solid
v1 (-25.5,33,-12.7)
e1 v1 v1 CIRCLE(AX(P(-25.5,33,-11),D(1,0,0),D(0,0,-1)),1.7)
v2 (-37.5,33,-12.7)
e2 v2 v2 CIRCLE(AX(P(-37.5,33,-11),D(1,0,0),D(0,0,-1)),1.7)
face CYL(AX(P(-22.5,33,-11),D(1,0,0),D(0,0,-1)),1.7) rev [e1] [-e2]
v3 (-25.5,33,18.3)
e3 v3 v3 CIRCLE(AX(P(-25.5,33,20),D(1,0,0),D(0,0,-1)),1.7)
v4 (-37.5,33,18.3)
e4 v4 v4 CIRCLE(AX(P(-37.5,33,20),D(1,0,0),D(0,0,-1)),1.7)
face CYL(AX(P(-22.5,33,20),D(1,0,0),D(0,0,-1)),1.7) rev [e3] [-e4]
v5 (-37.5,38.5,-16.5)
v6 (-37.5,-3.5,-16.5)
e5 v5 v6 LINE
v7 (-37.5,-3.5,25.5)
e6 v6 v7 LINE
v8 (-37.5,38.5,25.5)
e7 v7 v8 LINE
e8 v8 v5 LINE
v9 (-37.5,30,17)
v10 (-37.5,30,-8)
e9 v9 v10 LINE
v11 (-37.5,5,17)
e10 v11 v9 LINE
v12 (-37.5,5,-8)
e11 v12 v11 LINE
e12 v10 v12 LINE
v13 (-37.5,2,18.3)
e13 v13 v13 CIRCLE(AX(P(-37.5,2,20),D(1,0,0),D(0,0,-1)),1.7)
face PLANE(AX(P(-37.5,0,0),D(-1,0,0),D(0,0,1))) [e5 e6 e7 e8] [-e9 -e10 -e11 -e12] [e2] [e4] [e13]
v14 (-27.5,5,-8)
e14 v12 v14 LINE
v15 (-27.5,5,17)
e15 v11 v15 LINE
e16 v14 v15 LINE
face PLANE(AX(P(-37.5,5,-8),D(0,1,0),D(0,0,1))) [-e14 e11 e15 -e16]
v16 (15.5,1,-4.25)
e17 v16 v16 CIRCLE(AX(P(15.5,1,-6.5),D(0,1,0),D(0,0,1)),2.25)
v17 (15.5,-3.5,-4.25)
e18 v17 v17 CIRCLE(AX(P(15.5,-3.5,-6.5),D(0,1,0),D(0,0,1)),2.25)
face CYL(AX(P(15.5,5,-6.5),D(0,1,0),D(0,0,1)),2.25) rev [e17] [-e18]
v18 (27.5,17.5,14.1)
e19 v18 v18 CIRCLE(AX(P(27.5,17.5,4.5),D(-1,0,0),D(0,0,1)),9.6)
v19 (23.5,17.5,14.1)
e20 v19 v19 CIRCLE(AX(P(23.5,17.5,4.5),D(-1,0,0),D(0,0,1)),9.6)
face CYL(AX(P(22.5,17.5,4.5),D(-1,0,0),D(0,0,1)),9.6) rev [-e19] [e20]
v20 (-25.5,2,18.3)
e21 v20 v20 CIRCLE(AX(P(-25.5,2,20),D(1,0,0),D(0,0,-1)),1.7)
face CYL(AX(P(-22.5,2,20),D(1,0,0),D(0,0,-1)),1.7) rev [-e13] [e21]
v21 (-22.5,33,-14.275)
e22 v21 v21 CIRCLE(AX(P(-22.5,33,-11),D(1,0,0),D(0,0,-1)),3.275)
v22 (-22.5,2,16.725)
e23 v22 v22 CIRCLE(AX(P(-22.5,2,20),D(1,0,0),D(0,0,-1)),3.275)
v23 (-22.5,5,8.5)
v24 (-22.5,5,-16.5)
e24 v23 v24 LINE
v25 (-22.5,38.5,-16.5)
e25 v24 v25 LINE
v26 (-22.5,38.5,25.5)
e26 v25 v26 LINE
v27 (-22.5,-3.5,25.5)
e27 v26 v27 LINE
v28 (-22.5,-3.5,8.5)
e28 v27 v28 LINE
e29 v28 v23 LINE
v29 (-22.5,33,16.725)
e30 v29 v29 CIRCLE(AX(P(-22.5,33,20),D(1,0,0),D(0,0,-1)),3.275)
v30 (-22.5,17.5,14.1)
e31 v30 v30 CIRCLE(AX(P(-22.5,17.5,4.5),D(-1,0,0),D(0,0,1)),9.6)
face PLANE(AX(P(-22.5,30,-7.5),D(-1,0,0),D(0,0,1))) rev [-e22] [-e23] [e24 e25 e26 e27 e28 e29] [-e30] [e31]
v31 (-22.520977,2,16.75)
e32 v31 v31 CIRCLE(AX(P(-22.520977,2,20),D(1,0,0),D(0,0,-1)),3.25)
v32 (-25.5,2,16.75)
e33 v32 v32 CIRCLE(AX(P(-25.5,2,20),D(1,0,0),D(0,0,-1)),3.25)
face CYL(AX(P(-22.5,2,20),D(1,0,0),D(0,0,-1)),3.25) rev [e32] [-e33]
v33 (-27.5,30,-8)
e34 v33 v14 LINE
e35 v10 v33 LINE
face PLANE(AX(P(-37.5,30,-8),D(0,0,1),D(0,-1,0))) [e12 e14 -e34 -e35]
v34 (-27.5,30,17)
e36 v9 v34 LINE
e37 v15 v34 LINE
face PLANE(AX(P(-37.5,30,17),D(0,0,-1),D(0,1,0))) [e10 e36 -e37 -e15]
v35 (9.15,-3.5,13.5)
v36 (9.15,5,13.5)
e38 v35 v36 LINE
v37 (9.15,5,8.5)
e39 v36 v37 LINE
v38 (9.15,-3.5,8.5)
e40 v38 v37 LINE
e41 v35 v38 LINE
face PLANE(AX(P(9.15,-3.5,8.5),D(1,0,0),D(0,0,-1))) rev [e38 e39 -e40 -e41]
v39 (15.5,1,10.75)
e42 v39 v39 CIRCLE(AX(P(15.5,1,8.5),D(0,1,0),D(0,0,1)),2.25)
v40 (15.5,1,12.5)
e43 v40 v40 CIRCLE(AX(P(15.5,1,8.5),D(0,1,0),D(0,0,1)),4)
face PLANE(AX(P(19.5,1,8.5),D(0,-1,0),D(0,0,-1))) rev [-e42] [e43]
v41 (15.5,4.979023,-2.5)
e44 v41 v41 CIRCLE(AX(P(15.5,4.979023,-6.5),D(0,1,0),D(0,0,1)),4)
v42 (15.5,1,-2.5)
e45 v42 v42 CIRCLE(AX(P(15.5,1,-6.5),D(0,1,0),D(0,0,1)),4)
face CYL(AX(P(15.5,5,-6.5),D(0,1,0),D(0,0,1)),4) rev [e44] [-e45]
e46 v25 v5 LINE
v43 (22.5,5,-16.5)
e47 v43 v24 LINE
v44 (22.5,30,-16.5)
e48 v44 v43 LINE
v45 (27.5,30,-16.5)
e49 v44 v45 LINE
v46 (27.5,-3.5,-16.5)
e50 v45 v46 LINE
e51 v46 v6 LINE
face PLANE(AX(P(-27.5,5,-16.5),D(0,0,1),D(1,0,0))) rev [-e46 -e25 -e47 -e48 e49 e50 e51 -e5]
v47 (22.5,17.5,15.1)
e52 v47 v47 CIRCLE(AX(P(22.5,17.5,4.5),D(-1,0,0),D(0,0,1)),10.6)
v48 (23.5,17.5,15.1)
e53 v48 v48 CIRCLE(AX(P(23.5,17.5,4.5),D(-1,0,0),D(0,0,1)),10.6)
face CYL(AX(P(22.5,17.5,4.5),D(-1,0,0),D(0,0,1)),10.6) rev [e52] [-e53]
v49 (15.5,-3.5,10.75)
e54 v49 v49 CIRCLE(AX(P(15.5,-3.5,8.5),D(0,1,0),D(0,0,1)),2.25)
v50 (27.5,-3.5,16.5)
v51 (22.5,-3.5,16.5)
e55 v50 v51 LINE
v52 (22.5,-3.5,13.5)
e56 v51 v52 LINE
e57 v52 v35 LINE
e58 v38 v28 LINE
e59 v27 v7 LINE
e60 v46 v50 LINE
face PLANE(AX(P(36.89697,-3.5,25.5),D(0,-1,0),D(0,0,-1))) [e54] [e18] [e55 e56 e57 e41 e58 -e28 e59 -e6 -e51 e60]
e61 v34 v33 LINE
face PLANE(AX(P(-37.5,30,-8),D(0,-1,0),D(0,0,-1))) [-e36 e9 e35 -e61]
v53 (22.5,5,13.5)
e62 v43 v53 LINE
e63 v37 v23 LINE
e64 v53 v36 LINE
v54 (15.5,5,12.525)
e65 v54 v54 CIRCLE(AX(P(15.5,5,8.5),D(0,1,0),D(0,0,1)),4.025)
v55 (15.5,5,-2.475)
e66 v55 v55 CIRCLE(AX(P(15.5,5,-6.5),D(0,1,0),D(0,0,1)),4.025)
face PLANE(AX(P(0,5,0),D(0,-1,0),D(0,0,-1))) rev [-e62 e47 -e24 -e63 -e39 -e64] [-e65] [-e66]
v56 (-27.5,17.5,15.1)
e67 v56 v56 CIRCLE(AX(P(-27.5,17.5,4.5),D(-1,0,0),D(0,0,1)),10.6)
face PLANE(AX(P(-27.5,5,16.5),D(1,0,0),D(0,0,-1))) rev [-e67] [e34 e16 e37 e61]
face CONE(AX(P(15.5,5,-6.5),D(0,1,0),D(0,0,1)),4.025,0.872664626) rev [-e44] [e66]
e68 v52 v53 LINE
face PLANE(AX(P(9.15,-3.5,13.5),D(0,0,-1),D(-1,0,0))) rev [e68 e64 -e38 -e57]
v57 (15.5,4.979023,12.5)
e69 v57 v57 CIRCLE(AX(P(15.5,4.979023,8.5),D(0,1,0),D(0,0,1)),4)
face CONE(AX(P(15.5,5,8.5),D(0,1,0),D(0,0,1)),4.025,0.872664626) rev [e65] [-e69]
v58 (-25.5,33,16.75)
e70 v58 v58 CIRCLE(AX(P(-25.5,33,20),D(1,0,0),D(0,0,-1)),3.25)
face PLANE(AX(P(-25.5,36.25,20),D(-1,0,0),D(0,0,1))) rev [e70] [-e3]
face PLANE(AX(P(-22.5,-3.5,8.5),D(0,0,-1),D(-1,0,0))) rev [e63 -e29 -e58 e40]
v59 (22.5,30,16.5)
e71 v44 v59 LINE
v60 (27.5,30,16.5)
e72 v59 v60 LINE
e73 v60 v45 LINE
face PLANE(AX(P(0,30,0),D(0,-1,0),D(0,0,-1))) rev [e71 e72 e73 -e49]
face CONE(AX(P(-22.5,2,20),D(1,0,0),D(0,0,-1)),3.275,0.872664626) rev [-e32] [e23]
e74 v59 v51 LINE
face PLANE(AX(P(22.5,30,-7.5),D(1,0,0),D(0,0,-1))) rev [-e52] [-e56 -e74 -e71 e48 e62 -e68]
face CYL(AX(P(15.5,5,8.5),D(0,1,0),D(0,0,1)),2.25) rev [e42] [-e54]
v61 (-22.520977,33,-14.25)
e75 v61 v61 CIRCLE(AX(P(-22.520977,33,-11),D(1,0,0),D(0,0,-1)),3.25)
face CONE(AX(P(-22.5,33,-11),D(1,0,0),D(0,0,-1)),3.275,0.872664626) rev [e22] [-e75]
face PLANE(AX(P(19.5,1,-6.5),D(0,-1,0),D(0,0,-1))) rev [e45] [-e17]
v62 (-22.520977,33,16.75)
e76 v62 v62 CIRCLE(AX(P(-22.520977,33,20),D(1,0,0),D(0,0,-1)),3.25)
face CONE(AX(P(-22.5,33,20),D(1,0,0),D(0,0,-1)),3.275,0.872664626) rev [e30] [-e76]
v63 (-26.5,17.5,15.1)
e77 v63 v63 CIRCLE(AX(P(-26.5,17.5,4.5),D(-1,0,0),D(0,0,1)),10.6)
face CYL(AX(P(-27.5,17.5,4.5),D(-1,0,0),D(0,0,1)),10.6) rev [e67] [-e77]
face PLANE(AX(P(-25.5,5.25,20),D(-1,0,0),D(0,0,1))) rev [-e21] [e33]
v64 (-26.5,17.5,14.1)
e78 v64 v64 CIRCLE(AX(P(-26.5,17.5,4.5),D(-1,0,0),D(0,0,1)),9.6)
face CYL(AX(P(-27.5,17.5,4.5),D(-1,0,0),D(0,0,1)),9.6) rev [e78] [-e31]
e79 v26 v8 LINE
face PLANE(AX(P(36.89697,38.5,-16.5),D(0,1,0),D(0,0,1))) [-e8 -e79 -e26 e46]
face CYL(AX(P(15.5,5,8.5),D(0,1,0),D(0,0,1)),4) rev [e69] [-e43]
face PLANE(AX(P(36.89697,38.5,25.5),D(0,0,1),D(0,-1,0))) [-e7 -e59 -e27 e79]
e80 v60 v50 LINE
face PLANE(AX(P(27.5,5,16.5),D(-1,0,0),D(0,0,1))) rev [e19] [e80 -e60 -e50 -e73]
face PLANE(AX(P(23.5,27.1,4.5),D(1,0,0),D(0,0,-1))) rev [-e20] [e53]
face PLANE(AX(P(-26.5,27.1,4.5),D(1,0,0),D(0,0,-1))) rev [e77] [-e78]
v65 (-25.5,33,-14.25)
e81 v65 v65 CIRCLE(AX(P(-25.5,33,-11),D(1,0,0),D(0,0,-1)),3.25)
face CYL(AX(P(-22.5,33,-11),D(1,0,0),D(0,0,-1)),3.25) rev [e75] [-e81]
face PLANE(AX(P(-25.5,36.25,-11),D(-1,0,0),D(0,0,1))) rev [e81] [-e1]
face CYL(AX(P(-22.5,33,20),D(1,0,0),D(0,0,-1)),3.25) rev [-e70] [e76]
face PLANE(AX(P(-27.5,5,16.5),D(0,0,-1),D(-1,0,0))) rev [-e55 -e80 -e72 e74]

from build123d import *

# Parameters (mm, degrees)
SKETCH1_W                     = 55
SKETCH1_H                     = 33
BOSS_EXTRUDE1_DEPTH           = 5
SKETCH2_W                     = 5
SKETCH2_H                     = 24
BOSS_EXTRUDE2_DEPTH           = 25
HOLE1_D                       = 19.2
HOLE1_DEPTH                   = 5
HOLE1_CBORE_D                 = 21.2
HOLE1_CBORE_DEPTH             = 1
HOLE2_D                       = 19.2
HOLE2_DEPTH                   = 5
HOLE2_CBORE_D                 = 21.2
HOLE2_CBORE_DEPTH             = 1
BOSS_EXTRUDE3_DEPTH           = 5
SKETCH13_W                    = 42
SKETCH13_H                    = 42
SKETCH13_W_2                  = 25
SKETCH13_H_2                  = 25
BOSS_EXTRUDE4_DEPTH           = 10
CBORE_FOR_M3_SHCS3_AT_2_COUNT = 2
CBORE_FOR_M3_SHCS3_AT_2_PITCH = 31
CBORE_FOR_M3_SHCS3_AT_3_COUNT = 2
CBORE_FOR_M3_SHCS3_AT_3_PITCH = 43.840620434
SKETCH23_W                    = 50
SKETCH23_H                    = 33
BOSS_EXTRUDE6_DEPTH           = 3.5
CBORE_FOR_M4_SHCS1_AT_2_COUNT = 2
CBORE_FOR_M4_SHCS1_AT_2_PITCH = 15
CUT_EXTRUDE3_DEPTH            = 57.380404397
SKETCH24_W                    = 5
SKETCH24_H                    = 9
BOSS_EXTRUDE7_DEPTH           = 25


with BuildPart() as part:
    # Sketch1 → Boss-Extrude1 (new body)
    with BuildSketch(Plane(origin=(0, 0, 0), x_dir=(1, 0, 0), z_dir=(0, 1, 0))):
        Rectangle(SKETCH1_W, SKETCH1_H)
    extrude(amount=BOSS_EXTRUDE1_DEPTH)

    # Sketch2 → Boss-Extrude2 (add)
    with BuildSketch(Plane(origin=(0, 5, 0), x_dir=(1, 0, 0), z_dir=(0, 1, 0))):
        with Locations((-25, -4.5)):
            Rectangle(SKETCH2_W, SKETCH2_H)
        with Locations((25, -4.5)):
            Rectangle(SKETCH2_W, SKETCH2_H)
    extrude(amount=BOSS_EXTRUDE2_DEPTH)

    # Hole1
    with Locations(Plane(origin=(-27.5, 0, 0), x_dir=(0, 0, -1), z_dir=(-1, 0, 0))):
        with Locations((-4.5, -17.5)):
            CounterBoreHole(HOLE1_D / 2, HOLE1_CBORE_D / 2, HOLE1_CBORE_DEPTH, depth=HOLE1_DEPTH)

    # Hole2
    with Locations(Plane(origin=(22.5, 0, 0), x_dir=(0, 0, -1), z_dir=(-1, 0, 0))):
        with Locations((-4.5, -17.5)):
            CounterBoreHole(HOLE2_D / 2, HOLE2_CBORE_D / 2, HOLE2_CBORE_DEPTH, depth=HOLE2_DEPTH)

    # Sketch12 → Boss-Extrude3 (add)
    with BuildSketch(Plane.ZY.offset(27.5)):
        Polygon((-16.5, 38.5), (25.5, 38.5), (25.5, -3.5), (-16.5, -3.5), (-16.5, 0), (16.5, 0), (16.5, 30), (-7.5, 30), (-7.5, 5), (-16.5, 5), align=None)
    extrude(amount=-BOSS_EXTRUDE3_DEPTH)

    # Sketch13 → Boss-Extrude4 (add)
    with BuildSketch(Plane.ZY.offset(27.5)):
        with Locations((4.5, 17.5)):
            Rectangle(SKETCH13_W, SKETCH13_H)
        with Locations((4.5, 17.5)):
            Rectangle(SKETCH13_W_2, SKETCH13_H_2, mode=Mode.SUBTRACT)
    extrude(amount=BOSS_EXTRUDE4_DEPTH)

    # Sketch15 → CBORE for M3 SHCS3 (revolve, cut)
    with BuildSketch(Plane(origin=(-22.5, 2, 20), x_dir=(0, 0, -1), z_dir=(0, 1, 0))):
        Polygon((0, 0), (0, 15), (1.7, 15), (1.7, 3), (3.25, 3), (3.25, 0.020977491), (3.275, 0), align=None)
    cbore_for_m3_shcs3 = revolve(axis=Axis((-16.15, 2, 20), (-1, 0, 0)), mode=Mode.SUBTRACT)

    # CBORE for M3 SHCS3 at 2: CBORE for M3 SHCS3 ×2
    with Locations(*[(0, i * CBORE_FOR_M3_SHCS3_AT_2_PITCH, 0) for i in range(1, CBORE_FOR_M3_SHCS3_AT_2_COUNT)]):
        add(cbore_for_m3_shcs3, mode=Mode.SUBTRACT)

    # CBORE for M3 SHCS3 at 3: CBORE for M3 SHCS3 ×2
    with Locations(*[Vector(0, 0.7071067811865476, -0.7071067811865476) * (i * CBORE_FOR_M3_SHCS3_AT_3_PITCH) for i in range(1, CBORE_FOR_M3_SHCS3_AT_3_COUNT)]):
        add(cbore_for_m3_shcs3, mode=Mode.SUBTRACT)

    # Sketch23 → Boss-Extrude6 (add)
    with BuildSketch(Plane.XZ):
        with Locations((2.5, 0)):
            Rectangle(SKETCH23_W, SKETCH23_H)
    extrude(amount=BOSS_EXTRUDE6_DEPTH)

    # Sketch10 → CBORE for M4 SHCS1 (revolve, cut)
    with BuildSketch(Plane(origin=(15.5, 5, -6.5), x_dir=(0, 0, 1), z_dir=(1, 0, 0))):
        Polygon((0, 0), (0, 8.5), (2.25, 8.5), (2.25, 4), (4, 4), (4, 0.020977491), (4.025, 0), align=None)
    cbore_for_m4_shcs1 = revolve(axis=Axis((15.5, 11.35, -6.5), (0, -1, 0)), mode=Mode.SUBTRACT)

    # CBORE for M4 SHCS1 at 2: CBORE for M4 SHCS1 ×2
    with Locations(*[(0, 0, i * CBORE_FOR_M4_SHCS1_AT_2_PITCH) for i in range(1, CBORE_FOR_M4_SHCS1_AT_2_COUNT)]):
        add(cbore_for_m4_shcs1, mode=Mode.SUBTRACT)

    # Sketch21 → Cut-Extrude3 (cut, through all)
    with BuildSketch(Plane(origin=(0, 5, 0), x_dir=(1, 0, 0), z_dir=(0, 1, 0))):
        Polygon((-22.5, -16.5), (-22.5, -8.5), (9.15, -8.5), (9.15, -13.5), (22.5, -13.5), (22.5, -16.5), align=None)
    extrude(amount=-CUT_EXTRUDE3_DEPTH, mode=Mode.SUBTRACT)

    # Sketch24 → Boss-Extrude7 (add)
    with BuildSketch(Plane(origin=(0, 5, 0), x_dir=(1, 0, 0), z_dir=(0, 1, 0))):
        with Locations((25, 12)):
            Rectangle(SKETCH24_W, SKETCH24_H)
    extrude(amount=BOSS_EXTRUDE7_DEPTH)


solid = part.part
